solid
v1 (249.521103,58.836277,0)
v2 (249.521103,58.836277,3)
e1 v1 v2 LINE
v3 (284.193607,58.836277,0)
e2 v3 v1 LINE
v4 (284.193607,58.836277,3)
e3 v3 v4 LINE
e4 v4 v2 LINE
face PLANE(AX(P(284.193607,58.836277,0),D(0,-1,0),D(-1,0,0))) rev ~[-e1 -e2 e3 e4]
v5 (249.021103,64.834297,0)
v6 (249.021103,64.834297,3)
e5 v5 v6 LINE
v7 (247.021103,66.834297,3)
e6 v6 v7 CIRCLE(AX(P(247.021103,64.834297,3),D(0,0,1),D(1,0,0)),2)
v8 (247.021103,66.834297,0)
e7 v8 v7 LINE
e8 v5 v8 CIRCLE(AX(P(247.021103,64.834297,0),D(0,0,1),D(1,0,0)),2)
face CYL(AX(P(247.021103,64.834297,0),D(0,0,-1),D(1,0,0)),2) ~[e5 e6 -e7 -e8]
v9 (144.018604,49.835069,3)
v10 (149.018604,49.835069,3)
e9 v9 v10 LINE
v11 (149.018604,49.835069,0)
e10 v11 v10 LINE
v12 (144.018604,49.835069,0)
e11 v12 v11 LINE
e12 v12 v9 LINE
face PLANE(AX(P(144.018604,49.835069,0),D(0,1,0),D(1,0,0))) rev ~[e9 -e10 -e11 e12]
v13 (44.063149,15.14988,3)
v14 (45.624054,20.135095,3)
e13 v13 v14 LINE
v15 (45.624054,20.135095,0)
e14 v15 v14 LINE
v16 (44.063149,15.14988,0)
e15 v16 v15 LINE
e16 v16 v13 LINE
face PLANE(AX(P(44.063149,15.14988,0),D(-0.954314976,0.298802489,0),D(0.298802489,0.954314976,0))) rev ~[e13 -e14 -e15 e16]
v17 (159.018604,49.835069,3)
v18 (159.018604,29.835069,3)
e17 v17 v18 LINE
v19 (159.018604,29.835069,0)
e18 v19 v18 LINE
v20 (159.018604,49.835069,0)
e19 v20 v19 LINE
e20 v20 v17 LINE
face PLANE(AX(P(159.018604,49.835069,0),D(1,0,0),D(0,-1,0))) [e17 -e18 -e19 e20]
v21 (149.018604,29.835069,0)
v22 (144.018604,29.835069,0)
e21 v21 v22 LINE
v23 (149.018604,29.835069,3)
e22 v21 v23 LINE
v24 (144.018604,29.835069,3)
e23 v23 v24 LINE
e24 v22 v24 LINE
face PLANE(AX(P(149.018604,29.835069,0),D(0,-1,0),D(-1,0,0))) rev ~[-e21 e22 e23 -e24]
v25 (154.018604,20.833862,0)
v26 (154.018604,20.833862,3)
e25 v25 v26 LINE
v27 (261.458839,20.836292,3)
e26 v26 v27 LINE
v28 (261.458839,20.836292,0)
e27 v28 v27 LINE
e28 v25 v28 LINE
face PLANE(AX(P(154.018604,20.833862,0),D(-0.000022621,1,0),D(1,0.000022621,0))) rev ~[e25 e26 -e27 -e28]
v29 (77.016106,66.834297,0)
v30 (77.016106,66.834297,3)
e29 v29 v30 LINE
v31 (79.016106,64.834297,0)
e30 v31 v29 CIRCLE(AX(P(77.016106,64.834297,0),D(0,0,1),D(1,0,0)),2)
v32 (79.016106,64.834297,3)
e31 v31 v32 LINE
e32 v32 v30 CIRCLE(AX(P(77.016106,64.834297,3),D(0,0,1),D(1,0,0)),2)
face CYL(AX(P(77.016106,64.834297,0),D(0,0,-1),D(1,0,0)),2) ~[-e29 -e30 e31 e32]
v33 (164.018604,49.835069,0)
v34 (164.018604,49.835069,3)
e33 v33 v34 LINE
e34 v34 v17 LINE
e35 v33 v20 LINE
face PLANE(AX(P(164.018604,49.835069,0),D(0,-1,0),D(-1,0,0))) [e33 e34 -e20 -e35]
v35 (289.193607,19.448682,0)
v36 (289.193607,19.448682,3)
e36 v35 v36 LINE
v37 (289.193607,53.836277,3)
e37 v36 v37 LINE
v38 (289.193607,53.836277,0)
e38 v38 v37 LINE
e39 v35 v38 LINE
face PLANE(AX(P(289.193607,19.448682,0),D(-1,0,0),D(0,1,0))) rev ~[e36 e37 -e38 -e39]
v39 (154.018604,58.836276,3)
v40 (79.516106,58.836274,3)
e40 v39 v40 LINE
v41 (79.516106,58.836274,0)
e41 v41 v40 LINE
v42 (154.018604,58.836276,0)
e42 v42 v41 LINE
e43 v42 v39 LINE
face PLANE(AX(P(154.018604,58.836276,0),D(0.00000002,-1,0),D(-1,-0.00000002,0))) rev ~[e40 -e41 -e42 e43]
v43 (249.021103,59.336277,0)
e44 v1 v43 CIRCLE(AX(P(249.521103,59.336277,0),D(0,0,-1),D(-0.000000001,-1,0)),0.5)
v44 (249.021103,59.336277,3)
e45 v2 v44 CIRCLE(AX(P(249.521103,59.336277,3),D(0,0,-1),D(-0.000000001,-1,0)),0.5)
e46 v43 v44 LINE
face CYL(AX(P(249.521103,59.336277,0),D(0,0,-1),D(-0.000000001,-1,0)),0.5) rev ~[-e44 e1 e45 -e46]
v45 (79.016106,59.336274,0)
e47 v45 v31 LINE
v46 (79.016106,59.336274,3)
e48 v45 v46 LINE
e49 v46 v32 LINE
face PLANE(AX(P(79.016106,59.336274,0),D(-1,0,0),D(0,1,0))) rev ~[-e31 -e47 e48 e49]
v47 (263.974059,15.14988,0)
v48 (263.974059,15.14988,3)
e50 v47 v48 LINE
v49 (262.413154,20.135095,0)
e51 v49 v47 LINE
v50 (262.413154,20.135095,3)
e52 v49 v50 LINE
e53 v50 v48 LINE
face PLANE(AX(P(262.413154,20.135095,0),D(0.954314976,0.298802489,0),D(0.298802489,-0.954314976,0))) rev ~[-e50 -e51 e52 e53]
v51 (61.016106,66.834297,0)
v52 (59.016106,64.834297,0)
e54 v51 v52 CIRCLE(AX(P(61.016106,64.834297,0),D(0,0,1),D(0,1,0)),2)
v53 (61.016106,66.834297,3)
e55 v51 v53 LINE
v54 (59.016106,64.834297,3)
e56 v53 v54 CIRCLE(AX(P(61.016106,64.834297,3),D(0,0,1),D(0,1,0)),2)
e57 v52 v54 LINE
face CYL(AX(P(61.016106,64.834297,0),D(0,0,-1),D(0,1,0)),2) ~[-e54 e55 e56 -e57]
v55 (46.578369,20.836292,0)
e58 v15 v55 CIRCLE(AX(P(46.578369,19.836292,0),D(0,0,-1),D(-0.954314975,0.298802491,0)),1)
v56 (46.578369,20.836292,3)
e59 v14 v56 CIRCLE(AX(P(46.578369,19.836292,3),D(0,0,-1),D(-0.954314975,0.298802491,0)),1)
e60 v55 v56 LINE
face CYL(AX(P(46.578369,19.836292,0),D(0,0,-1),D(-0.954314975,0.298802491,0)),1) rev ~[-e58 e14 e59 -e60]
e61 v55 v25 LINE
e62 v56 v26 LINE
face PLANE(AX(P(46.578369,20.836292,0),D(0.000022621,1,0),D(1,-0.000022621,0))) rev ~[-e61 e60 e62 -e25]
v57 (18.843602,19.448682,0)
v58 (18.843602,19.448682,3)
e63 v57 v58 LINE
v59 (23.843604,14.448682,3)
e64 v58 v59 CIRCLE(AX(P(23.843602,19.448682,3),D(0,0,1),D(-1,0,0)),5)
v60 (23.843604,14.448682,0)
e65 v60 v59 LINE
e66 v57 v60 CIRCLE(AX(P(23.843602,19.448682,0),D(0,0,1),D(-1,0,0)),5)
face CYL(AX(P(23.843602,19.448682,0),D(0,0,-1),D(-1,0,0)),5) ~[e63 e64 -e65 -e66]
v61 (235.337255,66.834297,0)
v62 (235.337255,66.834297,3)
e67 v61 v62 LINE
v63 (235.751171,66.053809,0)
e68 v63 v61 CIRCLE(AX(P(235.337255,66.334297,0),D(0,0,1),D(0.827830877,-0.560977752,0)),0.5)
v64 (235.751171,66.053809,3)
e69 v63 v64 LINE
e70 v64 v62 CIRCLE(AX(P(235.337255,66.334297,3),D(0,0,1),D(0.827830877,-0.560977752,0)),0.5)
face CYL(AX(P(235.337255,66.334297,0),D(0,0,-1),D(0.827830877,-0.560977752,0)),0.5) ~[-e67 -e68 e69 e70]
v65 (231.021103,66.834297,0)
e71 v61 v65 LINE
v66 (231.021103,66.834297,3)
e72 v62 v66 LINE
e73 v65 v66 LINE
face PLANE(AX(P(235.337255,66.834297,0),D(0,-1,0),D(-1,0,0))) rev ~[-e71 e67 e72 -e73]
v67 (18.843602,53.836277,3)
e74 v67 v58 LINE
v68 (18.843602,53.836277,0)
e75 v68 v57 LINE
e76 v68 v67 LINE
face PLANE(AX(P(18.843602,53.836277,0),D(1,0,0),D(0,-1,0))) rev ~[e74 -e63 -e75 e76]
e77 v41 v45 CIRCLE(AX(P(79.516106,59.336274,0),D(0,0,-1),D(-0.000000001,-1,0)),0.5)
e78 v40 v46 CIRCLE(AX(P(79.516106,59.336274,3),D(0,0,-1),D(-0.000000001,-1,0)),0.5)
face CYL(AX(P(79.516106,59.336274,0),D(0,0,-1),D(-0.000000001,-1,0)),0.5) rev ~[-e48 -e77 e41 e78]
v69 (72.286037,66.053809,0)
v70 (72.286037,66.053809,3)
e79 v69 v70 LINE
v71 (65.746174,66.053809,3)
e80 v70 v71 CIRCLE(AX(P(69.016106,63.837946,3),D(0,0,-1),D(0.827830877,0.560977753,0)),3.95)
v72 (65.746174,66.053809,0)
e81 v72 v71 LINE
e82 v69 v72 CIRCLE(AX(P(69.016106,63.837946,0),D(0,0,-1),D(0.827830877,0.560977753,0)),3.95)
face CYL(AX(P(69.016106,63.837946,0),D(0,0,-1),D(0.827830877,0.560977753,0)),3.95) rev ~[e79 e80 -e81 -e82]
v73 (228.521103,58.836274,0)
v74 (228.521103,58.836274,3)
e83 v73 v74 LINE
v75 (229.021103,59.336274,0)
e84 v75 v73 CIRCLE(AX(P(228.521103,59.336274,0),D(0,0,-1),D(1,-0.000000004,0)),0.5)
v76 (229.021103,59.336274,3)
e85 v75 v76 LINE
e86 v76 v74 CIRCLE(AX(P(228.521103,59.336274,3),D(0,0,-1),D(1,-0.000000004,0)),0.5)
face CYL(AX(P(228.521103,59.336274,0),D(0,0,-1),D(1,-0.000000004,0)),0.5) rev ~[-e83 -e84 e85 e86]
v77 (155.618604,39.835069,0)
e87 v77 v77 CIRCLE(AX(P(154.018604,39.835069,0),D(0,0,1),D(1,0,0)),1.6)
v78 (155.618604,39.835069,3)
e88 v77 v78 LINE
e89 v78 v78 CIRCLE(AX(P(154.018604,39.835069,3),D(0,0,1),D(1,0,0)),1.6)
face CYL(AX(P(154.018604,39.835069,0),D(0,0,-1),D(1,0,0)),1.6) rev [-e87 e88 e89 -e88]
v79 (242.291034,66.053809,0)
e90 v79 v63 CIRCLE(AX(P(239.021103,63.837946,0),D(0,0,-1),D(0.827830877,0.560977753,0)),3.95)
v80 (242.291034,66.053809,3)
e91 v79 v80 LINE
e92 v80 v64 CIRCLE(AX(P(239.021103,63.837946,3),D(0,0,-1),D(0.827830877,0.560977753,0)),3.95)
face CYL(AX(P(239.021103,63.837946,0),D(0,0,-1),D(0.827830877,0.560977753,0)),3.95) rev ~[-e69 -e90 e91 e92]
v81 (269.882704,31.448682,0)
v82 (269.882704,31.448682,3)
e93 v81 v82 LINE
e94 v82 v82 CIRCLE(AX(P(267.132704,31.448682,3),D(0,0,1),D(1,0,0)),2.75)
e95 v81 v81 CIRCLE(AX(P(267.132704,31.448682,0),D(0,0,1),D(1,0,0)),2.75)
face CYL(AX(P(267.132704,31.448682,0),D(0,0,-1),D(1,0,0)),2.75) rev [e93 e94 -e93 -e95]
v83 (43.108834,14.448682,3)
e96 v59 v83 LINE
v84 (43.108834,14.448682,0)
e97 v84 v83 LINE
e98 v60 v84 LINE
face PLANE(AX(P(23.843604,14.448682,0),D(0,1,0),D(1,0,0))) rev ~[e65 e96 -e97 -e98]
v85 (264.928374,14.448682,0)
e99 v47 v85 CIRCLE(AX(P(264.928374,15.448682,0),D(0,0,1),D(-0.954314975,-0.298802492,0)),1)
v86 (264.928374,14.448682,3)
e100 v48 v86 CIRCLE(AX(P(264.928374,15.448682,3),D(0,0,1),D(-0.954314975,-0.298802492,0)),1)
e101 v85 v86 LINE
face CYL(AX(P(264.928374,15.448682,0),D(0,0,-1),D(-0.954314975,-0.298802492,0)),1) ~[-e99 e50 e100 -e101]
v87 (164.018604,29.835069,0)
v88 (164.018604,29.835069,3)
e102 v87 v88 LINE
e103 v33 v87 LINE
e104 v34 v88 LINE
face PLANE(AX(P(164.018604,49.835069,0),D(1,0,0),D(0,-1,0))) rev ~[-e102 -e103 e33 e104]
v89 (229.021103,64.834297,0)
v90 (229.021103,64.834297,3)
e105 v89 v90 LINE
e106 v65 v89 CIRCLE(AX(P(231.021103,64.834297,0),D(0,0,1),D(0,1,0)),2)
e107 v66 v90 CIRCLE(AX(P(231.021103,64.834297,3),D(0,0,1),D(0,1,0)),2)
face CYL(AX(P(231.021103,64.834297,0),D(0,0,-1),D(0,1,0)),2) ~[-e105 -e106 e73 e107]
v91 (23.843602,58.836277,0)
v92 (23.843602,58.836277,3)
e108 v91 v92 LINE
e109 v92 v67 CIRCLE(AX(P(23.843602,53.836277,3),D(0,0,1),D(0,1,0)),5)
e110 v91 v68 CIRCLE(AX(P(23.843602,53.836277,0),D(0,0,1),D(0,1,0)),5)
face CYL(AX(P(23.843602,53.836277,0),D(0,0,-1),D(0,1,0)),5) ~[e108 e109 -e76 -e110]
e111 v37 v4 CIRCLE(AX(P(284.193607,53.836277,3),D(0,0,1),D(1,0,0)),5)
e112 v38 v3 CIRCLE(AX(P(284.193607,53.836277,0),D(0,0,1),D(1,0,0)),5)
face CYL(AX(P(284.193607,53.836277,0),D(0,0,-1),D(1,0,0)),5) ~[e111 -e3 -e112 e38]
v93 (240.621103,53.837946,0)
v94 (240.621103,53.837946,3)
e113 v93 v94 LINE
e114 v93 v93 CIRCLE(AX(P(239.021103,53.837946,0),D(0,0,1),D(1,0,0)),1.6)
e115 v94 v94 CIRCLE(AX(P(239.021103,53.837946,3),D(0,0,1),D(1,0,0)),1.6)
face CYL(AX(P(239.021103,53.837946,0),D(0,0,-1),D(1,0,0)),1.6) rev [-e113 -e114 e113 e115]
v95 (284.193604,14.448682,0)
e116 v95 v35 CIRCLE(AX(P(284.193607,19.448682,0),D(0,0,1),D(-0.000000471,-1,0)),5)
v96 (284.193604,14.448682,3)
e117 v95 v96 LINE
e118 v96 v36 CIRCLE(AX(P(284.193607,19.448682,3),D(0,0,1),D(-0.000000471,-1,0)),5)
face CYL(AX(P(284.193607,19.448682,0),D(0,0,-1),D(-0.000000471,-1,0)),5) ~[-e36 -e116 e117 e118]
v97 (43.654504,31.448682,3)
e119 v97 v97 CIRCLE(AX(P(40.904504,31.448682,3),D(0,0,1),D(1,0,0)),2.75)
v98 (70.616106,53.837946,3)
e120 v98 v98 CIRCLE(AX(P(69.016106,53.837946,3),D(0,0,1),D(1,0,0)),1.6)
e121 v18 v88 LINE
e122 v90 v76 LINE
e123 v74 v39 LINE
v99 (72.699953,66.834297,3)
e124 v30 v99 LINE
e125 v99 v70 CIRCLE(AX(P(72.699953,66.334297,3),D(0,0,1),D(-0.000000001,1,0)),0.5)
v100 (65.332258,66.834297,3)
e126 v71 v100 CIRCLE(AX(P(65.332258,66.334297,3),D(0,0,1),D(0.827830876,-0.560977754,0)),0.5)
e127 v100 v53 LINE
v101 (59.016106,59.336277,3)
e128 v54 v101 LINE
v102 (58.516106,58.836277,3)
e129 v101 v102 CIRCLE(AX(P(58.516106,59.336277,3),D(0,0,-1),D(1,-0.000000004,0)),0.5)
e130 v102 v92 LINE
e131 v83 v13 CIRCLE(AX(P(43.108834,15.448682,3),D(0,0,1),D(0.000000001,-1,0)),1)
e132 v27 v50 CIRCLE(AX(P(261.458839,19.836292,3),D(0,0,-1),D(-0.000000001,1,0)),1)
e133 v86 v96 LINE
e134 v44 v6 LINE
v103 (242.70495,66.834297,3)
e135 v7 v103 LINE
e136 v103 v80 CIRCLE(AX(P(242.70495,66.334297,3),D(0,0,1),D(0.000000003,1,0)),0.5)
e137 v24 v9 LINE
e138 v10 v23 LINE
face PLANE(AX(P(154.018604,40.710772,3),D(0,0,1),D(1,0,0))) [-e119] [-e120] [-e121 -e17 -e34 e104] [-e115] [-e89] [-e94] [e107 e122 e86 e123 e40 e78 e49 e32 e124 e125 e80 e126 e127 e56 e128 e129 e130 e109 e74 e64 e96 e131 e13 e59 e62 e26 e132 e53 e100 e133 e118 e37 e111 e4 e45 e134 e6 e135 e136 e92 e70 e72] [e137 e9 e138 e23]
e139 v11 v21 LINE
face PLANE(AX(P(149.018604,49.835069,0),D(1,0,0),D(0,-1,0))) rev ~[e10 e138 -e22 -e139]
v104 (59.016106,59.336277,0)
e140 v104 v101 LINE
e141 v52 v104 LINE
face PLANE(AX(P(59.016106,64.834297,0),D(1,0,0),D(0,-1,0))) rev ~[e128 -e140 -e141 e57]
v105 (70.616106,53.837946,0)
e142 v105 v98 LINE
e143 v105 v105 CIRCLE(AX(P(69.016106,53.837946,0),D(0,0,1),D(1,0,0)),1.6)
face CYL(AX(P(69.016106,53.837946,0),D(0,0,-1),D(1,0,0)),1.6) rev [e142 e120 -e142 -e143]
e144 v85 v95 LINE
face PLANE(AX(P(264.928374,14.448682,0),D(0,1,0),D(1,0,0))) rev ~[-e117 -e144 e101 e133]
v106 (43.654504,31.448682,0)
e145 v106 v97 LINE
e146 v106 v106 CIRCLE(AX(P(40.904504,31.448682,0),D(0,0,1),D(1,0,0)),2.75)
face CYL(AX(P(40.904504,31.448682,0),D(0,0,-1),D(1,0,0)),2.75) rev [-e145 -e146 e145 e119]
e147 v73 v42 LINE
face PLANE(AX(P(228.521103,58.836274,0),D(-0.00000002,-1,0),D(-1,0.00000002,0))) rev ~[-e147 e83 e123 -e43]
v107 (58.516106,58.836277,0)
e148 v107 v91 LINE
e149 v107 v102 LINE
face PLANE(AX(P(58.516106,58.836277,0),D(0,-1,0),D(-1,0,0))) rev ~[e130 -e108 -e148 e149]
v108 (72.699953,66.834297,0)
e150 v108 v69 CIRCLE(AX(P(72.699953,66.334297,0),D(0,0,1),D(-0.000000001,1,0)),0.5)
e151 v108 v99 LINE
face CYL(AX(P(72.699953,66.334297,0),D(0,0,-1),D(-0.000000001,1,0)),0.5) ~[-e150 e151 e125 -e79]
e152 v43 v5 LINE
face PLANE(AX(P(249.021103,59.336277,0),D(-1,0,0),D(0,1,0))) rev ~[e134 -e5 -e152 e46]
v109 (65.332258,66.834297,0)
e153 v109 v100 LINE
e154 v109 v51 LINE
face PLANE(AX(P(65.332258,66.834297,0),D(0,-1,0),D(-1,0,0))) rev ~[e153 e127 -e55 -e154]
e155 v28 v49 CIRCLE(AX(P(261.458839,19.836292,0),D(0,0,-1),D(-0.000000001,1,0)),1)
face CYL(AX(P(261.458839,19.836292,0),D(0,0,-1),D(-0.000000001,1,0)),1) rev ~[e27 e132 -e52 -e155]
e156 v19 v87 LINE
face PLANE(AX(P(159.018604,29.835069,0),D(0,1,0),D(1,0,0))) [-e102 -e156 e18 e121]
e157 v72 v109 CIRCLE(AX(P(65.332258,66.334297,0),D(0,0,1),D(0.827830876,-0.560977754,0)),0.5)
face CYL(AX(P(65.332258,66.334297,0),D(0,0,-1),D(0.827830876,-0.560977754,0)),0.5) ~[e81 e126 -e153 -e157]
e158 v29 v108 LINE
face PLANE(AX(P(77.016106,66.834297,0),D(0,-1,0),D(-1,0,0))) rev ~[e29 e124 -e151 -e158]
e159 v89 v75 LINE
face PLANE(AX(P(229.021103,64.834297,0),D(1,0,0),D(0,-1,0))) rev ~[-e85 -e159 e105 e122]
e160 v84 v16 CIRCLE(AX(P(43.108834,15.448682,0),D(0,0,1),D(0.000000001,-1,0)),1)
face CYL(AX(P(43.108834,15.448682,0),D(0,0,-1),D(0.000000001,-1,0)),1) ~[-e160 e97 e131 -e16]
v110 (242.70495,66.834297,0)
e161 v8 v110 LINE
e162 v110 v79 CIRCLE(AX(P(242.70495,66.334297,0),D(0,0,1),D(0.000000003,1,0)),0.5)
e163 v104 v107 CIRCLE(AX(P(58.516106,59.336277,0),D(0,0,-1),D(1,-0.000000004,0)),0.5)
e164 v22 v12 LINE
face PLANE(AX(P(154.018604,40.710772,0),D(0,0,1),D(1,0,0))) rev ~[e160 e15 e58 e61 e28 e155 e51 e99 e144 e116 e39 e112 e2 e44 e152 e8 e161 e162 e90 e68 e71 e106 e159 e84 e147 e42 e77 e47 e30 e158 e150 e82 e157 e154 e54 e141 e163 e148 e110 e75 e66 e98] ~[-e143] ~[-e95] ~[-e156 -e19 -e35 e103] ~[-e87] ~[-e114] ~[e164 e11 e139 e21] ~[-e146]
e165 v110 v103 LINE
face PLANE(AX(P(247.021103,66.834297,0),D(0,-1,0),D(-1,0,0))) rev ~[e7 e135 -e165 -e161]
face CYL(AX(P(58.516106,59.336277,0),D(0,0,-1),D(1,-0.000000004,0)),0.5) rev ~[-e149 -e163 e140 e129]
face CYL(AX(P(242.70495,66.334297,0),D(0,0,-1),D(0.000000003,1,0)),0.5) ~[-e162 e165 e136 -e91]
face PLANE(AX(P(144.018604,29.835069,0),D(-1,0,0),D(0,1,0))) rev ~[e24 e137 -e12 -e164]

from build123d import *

# Parameters (mm, degrees)
MODEL_R                 = 1.6
MODEL_R_2               = 2.75
SALIENTE_EXTRUIR1_DEPTH = 3


with BuildPart() as part:
    # Model → Saliente-Extruir1 (new body)
    with BuildSketch(Plane.XY):
        with BuildLine():
            Line((154.018604018, 58.836275918), (79.516105518, 58.836274418))
            ThreePointArc((79.516105518, 58.836274418), (79.162552127, 58.982721028), (79.016105518, 59.336274418))
            Line((79.016105518, 59.336274418), (79.016105518, 64.834297418))
            ThreePointArc((79.016105518, 64.834297418), (78.43031908, 66.248510981), (77.016105518, 66.834297418))
            Line((77.016105518, 66.834297418), (72.69995292, 66.834297418))
            ThreePointArc((72.69995292, 66.834297418), (72.258226513, 66.568557489), (72.286037482, 66.053808542))
            ThreePointArc((72.286037482, 66.053808542), (69.016105518, 59.887946419), (65.746173553, 66.053808542))
            ThreePointArc((65.746173553, 66.053808542), (65.773984522, 66.56855749), (65.332258115, 66.834297418))
            Line((65.332258115, 66.834297418), (61.016105518, 66.834297418))
            ThreePointArc((61.016105518, 66.834297418), (59.601891956, 66.248510981), (59.016105518, 64.834297418))
            Line((59.016105518, 64.834297418), (59.016105518, 59.336277418))
            ThreePointArc((59.016105518, 59.336277418), (58.869658908, 58.982724028), (58.516105518, 58.836277418))
            Line((58.516105518, 58.836277418), (28.843601518, 58.836277418))
            Line((28.843601518, 58.836277418), (23.843601518, 58.836277418))
            ThreePointArc((23.843601518, 58.836277418), (20.308067612, 57.371811324), (18.843601518, 53.836277418))
            Line((18.843601518, 53.836277418), (18.843601518, 19.448682418))
            ThreePointArc((18.843601518, 19.448682418), (20.308068445, 15.91314768), (23.843603874, 14.448682418))
            Line((23.843603874, 14.448682418), (43.108834237, 14.448682418))
            ThreePointArc((43.108834237, 14.448682418), (43.70094804, 14.642828062), (44.063149212, 15.149879929))
            Line((44.063149212, 15.149879929), (45.624053822, 20.135094908))
            ThreePointArc((45.624053822, 20.135094908), (45.986254995, 20.642146775), (46.578368798, 20.836292418))
            Line((46.578368798, 20.836292418), (154.018604018, 20.833862066))
            Line((154.018604018, 20.833862066), (261.458839238, 20.836292418))
            ThreePointArc((261.458839238, 20.836292418), (262.050953041, 20.642146775), (262.413154213, 20.135094908))
            Line((262.413154213, 20.135094908), (263.974058823, 15.149879929))
            ThreePointArc((263.974058823, 15.149879929), (264.336259996, 14.642828062), (264.928373799, 14.448682418))
            Line((264.928373799, 14.448682418), (284.193604162, 14.448682418))
            ThreePointArc((284.193604162, 14.448682418), (287.729139591, 15.91314768), (289.193606518, 19.448682418))
            Line((289.193606518, 19.448682418), (289.193606518, 53.836277418))
            ThreePointArc((289.193606518, 53.836277418), (287.729140424, 57.371811324), (284.193606518, 58.836277418))
            Line((284.193606518, 58.836277418), (279.193606518, 58.836277418))
            Line((279.193606518, 58.836277418), (249.521102518, 58.836277418))
            ThreePointArc((249.521102518, 58.836277418), (249.167549127, 58.982724028), (249.021102518, 59.336277418))
            Line((249.021102518, 59.336277418), (249.021102518, 64.834297418))
            ThreePointArc((249.021102518, 64.834297418), (248.43531608, 66.248510981), (247.021102518, 66.834297418))
            Line((247.021102518, 66.834297418), (242.704949921, 66.834297418))
            ThreePointArc((242.704949921, 66.834297418), (242.263223513, 66.56855749), (242.291034482, 66.053808542))
            ThreePointArc((242.291034482, 66.053808542), (239.021102518, 59.887946419), (235.751170554, 66.053808542))
            ThreePointArc((235.751170554, 66.053808542), (235.778981523, 66.568557489), (235.337255116, 66.834297418))
            Line((235.337255116, 66.834297418), (231.021102518, 66.834297418))
            ThreePointArc((231.021102518, 66.834297418), (229.606888956, 66.248510981), (229.021102518, 64.834297418))
            Line((229.021102518, 64.834297418), (229.021102518, 59.336274418))
            ThreePointArc((229.021102518, 59.336274418), (228.874655908, 58.982721028), (228.521102518, 58.836274418))
            Line((228.521102518, 58.836274418), (154.018604018, 58.836275918))
        make_face()
        with Locations((69.016105518, 53.837946418)):
            Circle(MODEL_R, mode=Mode.SUBTRACT)
        with Locations((154.018604018, 39.835068992)):
            Circle(MODEL_R, mode=Mode.SUBTRACT)
        with Locations((239.021102518, 53.837946418)):
            Circle(MODEL_R, mode=Mode.SUBTRACT)
        with Locations((40.904504018, 31.448682418)):
            Circle(MODEL_R_2, mode=Mode.SUBTRACT)
        with Locations((267.132704018, 31.448682418)):
            Circle(MODEL_R_2, mode=Mode.SUBTRACT)
        Polygon((144.018604018, 39.835068992), (144.018604018, 49.835068992), (149.018604018, 49.835068992), (149.018604018, 29.835068992), (144.018604018, 29.835068992), align=None, mode=Mode.SUBTRACT)
        Polygon((164.018604018, 39.835068992), (164.018604018, 49.835068992), (159.018604018, 49.835068992), (159.018604018, 29.835068992), (164.018604018, 29.835068992), align=None, mode=Mode.SUBTRACT)
    extrude(amount=SALIENTE_EXTRUIR1_DEPTH)


solid = part.part
